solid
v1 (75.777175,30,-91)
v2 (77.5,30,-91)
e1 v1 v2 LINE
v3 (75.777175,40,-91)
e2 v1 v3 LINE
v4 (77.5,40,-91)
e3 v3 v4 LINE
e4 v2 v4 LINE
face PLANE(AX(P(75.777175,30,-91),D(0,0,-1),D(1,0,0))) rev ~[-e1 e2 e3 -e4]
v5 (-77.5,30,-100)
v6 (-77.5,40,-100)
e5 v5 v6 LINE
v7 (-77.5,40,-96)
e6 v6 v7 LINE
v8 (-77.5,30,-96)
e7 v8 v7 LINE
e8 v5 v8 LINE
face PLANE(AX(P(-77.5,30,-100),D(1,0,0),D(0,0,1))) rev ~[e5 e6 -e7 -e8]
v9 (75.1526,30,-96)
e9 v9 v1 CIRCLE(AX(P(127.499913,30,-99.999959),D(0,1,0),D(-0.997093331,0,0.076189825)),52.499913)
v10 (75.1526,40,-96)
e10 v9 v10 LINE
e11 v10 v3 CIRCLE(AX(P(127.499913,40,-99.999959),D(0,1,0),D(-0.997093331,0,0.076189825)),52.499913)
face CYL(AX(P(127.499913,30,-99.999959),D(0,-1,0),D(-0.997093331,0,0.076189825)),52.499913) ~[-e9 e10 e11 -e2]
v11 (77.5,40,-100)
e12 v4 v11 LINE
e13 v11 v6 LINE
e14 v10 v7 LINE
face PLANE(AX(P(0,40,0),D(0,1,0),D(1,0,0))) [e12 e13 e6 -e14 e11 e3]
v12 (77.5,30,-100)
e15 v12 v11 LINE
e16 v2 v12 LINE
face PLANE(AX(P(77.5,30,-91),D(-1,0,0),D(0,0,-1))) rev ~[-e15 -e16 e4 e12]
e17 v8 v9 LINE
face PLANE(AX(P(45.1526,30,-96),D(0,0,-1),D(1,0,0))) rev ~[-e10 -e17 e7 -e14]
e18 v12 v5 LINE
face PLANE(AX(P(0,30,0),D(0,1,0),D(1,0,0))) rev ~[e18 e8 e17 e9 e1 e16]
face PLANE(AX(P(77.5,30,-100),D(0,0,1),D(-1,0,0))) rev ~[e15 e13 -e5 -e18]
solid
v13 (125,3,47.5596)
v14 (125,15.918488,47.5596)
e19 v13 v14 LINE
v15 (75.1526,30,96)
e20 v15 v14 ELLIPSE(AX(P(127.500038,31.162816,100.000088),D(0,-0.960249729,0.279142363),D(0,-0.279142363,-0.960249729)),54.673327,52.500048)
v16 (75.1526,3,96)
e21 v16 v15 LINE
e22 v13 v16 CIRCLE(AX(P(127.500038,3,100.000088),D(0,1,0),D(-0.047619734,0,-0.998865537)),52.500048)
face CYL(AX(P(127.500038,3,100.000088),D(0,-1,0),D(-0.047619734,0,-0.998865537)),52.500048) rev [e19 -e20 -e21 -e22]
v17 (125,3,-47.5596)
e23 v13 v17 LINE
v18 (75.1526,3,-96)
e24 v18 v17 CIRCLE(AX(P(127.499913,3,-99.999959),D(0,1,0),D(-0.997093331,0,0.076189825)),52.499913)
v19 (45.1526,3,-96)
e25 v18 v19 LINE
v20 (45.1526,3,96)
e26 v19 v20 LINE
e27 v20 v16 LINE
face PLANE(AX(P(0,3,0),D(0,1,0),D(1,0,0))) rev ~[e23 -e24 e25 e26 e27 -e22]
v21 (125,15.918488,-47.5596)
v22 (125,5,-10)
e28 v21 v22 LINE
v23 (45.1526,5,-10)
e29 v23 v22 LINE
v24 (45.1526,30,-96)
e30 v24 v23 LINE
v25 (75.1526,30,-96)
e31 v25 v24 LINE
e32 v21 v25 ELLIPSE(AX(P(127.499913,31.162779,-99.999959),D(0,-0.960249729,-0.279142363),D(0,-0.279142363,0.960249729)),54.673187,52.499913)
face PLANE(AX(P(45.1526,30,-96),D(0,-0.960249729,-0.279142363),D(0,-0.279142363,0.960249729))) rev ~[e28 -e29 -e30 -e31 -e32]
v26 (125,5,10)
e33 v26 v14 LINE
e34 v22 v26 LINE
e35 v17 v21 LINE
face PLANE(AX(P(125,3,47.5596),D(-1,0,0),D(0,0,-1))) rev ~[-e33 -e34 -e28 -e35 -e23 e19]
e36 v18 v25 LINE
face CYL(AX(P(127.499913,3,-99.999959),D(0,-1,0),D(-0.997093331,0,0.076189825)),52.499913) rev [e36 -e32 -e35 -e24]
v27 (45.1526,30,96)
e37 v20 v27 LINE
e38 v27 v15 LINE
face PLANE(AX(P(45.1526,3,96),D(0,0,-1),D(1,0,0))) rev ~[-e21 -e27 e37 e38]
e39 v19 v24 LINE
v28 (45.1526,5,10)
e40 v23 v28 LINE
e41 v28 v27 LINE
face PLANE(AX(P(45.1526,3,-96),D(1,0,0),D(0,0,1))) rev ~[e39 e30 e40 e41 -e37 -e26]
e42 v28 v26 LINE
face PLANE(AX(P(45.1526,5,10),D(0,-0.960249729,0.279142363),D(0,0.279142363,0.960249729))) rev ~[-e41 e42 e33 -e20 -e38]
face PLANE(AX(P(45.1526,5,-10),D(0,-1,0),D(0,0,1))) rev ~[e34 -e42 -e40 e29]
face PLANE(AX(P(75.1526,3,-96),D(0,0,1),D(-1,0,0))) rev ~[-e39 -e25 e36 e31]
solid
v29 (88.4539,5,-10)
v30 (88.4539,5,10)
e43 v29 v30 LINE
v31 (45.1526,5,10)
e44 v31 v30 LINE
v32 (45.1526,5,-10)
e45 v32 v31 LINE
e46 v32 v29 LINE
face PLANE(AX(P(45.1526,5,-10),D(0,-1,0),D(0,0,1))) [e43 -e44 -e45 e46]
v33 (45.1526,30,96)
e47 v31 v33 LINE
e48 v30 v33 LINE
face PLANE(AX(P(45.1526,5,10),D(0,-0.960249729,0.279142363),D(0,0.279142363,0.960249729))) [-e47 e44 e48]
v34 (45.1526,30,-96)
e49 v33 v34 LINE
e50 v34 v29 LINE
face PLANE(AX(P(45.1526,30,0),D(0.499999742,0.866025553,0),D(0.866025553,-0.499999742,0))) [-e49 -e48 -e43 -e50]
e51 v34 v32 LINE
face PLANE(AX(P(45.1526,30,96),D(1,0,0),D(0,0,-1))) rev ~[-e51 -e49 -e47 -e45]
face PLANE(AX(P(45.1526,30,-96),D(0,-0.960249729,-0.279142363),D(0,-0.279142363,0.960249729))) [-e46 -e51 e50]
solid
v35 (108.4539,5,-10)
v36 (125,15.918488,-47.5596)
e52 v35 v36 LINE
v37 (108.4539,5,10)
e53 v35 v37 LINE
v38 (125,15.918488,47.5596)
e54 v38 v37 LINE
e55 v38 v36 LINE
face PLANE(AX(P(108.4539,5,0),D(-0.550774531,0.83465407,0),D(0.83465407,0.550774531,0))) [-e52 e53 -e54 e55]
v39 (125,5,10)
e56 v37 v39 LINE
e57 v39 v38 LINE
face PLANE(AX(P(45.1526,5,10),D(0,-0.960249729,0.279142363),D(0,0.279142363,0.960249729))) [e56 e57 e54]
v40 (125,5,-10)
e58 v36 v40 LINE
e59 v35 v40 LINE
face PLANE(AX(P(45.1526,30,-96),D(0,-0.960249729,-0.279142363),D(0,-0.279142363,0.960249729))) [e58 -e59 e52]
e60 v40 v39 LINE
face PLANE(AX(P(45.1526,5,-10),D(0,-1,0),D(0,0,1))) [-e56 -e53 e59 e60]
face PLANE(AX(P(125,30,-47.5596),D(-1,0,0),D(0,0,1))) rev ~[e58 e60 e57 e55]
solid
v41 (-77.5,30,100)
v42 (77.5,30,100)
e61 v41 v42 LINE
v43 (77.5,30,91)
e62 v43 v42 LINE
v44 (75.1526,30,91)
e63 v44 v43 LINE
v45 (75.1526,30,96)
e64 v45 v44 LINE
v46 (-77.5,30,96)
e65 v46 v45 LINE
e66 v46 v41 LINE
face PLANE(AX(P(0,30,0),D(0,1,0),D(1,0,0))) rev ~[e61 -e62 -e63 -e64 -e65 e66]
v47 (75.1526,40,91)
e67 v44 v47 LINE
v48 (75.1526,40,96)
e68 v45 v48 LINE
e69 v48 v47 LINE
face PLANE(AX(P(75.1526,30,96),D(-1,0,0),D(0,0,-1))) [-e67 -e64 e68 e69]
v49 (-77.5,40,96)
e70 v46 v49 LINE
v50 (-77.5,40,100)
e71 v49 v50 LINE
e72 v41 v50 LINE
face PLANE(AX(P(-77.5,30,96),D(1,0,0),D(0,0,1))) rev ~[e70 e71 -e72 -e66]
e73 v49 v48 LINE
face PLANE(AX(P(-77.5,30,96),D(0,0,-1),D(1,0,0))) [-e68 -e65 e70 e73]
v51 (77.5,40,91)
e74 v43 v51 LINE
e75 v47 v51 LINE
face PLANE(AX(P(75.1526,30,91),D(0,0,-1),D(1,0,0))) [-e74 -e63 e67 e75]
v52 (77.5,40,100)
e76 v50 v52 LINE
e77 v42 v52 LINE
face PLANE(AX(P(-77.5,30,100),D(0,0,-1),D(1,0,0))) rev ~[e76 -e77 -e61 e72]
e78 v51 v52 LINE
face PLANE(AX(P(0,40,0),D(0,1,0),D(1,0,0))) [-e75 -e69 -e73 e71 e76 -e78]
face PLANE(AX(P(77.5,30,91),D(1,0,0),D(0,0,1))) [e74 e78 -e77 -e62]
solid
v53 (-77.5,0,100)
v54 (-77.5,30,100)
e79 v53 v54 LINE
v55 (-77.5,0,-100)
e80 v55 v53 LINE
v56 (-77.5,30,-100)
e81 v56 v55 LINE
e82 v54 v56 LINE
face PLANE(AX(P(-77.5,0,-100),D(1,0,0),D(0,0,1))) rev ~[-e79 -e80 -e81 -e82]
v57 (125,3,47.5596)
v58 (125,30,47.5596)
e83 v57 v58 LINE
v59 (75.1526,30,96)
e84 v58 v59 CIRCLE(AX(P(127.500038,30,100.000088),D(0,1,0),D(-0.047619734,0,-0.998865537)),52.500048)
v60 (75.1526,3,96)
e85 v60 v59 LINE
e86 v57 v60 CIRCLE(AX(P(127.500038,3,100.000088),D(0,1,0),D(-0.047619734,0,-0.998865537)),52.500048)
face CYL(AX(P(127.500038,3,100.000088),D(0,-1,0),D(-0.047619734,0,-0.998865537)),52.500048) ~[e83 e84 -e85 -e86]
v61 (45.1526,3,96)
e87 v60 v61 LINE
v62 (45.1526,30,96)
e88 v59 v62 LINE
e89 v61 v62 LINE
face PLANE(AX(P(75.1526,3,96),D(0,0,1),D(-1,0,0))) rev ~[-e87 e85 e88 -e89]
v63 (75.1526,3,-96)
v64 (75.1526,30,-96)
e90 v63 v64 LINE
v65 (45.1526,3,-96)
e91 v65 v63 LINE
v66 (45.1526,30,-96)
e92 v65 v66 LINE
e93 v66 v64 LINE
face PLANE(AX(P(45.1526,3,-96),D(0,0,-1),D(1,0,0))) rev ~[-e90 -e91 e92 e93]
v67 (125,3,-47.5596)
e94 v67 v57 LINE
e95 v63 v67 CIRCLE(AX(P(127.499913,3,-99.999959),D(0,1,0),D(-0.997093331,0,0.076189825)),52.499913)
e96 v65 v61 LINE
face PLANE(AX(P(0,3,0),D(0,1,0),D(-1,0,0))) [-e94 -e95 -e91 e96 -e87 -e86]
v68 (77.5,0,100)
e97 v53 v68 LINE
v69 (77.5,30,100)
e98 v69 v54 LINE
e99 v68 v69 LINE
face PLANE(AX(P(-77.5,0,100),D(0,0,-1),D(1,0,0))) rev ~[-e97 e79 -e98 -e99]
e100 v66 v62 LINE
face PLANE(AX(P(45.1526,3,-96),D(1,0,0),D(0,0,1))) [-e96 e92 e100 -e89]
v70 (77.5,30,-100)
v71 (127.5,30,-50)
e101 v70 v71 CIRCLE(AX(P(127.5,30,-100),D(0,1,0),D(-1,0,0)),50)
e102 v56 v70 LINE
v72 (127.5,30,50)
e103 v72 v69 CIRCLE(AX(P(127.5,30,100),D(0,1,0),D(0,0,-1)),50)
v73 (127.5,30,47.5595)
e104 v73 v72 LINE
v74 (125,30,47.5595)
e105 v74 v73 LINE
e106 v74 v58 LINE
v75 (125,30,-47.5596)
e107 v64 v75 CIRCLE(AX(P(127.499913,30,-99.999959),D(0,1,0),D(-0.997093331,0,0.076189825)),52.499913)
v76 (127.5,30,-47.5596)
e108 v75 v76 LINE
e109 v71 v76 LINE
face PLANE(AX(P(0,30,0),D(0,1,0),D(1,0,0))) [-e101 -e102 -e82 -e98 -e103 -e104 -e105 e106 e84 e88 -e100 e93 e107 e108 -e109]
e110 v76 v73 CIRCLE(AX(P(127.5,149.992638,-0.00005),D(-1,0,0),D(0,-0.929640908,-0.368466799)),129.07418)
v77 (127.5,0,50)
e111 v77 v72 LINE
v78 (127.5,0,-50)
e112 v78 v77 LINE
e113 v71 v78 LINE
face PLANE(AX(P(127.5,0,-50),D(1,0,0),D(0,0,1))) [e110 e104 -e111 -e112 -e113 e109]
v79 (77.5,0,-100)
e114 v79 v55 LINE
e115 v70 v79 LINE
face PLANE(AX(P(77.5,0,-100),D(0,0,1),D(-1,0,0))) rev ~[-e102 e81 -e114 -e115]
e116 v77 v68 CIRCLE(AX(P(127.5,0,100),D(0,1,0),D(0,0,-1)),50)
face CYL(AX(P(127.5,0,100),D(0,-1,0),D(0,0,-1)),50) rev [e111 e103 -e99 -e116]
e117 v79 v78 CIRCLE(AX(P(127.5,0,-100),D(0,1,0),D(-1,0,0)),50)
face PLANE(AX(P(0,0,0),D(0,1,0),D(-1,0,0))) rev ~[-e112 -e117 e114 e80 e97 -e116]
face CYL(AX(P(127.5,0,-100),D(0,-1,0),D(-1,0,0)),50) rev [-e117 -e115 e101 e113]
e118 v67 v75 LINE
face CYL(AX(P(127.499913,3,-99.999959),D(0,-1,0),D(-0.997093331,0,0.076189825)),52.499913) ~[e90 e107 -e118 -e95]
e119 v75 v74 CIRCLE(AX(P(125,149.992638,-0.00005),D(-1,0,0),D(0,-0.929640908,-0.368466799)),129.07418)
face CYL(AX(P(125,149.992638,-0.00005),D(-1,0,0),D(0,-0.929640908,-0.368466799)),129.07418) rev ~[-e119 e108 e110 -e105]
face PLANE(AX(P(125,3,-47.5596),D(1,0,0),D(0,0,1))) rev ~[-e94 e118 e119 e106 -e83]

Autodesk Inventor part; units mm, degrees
ref_plane "YZ Plane" through (0, 0, 0) normal (1, 0, 0) x (0, 1, 0)
ref_plane "XY Plane" through (0, 0, 0) normal (0, 0, 1) x (1, 0, 0)
sketch "Эскиз1" plane through (0, 0, 0) normal (0, 1, 0) x (-1, 0, 0)
  line L0 (77.5, 100) -> (-77.5, 100)
  line L1 (-77.5, 100) -> (-77.5, 50) construction
  line L2 (-77.5, -100) -> (77.5, -100)
  line L3 (77.5, -100) -> (77.5, 100)
  line L4 (77.5, -100) -> (-77.5, 100) construction
  line L5 (-77.5, -100) -> (77.5, 100) construction
  line L6 (-77.5, -50) -> (-127.5, -50) construction
  line L7 (-127.5, -50) -> (-127.5, 0)
  line L8 (-127.5, 50) -> (-77.5, 50) construction
  line L9 (-77.5, 50) -> (-77.5, -50) construction
  line L10 (118.5, 0) -> (-168.5, 0) construction
  line L11 (-127.5, 0) -> (-127.5, 50)
  line L12 (-77.5, -50) -> (-77.5, -100) construction
  line L13 (-77.5, 50) -> (-77.5, -50) construction
  arc A0 (-77.5, -100) -> (-127.5, -50) centre (-127.5, -100) ccw
  arc A1 (-127.5, 50) -> (-77.5, 100) centre (-127.5, 100) ccw
  point P0 (0, 0)
  point P1 (0, 0)
  dimension "d0" = 200
  dimension "d1" = 155
  dimension "d2" = 50
extrude "Выдавливание1" add sketch "Эскиз1" along normal blind 3
sketch "Эскиз3" plane through (0, 3, 0) normal (0, 1, 0) x (1, 0, 0)
  arc A0 (77.5, 100) -> (127.5, 50) centre (127.5, 100) ccw projected
  line L0 (127.5, 50) -> (127.5, -50) projected
  arc A1 (127.5, -50) -> (77.5, -100) centre (127.5, -100) ccw projected
  line L1 (77.5, -100) -> (-77.5, -100) projected
  line L2 (-77.5, -100) -> (-77.5, 100) projected
  line L3 (-77.5, 100) -> (77.5, 100) projected
  arc A2 (75.1526, 96) -> (125, 47.5596) centre (127.5, 100) ccw
  line L4 (125, 47.5596) -> (125, -47.5596)
  arc A3 (125, -47.5596) -> (75.1526, -96) centre (127.5, -100) ccw
  line L5 (75.1526, -96) -> (45.1526, -96)
  line L6 (45.1526, 96) -> (75.1526, 96)
  line L7 (45.1526, 96) -> (45.1526, -96)
  dimension "d28" = 2.5
  dimension "d29" = 30
  dimension "d30" = 4
  dimension "d31" = 4
extrude "Выдавливание2" add sketch "Эскиз3" along normal blind 27
sketch "Эскиз4" plane through (0, 3, 0) normal (0, 1, 0) x (1, 0, 0)
  line L0 (125, -47.5596) -> (125, 47.5596) projected
  arc A0 (75.1526, 96) -> (125, 47.5596) centre (127.5, 100) ccw projected
  line L1 (75.1526, 96) -> (45.1526, 96) projected
  line L2 (45.1526, 96) -> (45.1526, -96) projected
  line L3 (45.1526, -96) -> (75.1526, -96) projected
  arc A1 (125, -47.5596) -> (75.1526, -96) centre (127.5, -100) ccw projected
  point P0 (0, 0)
extrude "Выдавливание3" add sketch "Эскиз4" along normal up to surface (27 mm away) separate body
sketch "Эскиз5" plane through (45.1526, 3, -96) normal (-1, 0, 0) x (0, 0, 1)
  line L0 (0, 27) -> (86, 2)
  line L1 (86, 2) -> (106, 2)
  line L2 (106, 2) -> (192, 27)
  line L3 (0, 0) -> (192, 0) construction
  line L4 (192, 27) -> (0, 27) projected
  dimension "d32" = 20
  dimension "d33" = 2
extrude "Выдавливание4" cut sketch "Эскиз5" against normal through all bodies 2
sketch "Эскиз7" plane through (0, 30, 0) normal (0, 1, 0) x (1, 0, 0)
  line L0 (127.5, -50) -> (127.5, 50) construction
  arc A0 (77.5, 100) -> (127.5, 50) centre (127.5, 100) ccw construction
  line L1 (77.5, 100) -> (-77.5, 100) construction
  line L2 (-77.5, 100) -> (-77.5, -100) construction
  line L3 (-77.5, -100) -> (77.5, -100) construction
  arc A1 (127.5, -50) -> (77.5, -100) centre (127.5, -100) ccw construction
  arc A2 (125, -47.5596) -> (75.1526, -96) centre (127.5, -100) ccw projected
  line L4 (75.1526, -96) -> (45.1526, -96) projected
  line L5 (45.1526, -96) -> (45.1526, 96) projected
  line L6 (45.1526, 96) -> (75.1526, 96) projected
  arc A3 (75.1526, 96) -> (125, 47.5596) centre (127.5, 100) ccw projected
  line L7 (125, 47.5596) -> (125, -47.5596) projected
extrude "Выдавливание5" add sketch "Эскиз7" against normal up to next separate body
sketch "Эскиз8" plane through (75, 30, 0) normal (0, 0, 1) x (1, 0, 0)
  line L0 (-29.8474, 0) -> (0.1526, 0) projected
  line L1 (-29.8474, 0) -> (13.4539, -25)
  line L2 (-29.8474, -25) -> (50, -25) construction
  line L3 (50, -14.0815) -> (50, -25) construction
  line L4 (33.4539, -25) -> (50, -14.0815)
  line L5 (13.4539, -25) -> (33.4539, -25)
  line L6 (0.1526, 0) -> (50, 0) projected
  line L7 (50, 0) -> (50, -14.0815) projected
  point P0 (-75, -30)
  dimension "d34" = 20
  dimension "d35" = 30
extrude "Выдавливание6" cut sketch "Эскиз8" along normal through all both and the other way through all bodies 3
sketch "Эскиз9" plane through (125, 3, -47.5596) normal (-1, 0, 0) x (0, 0, 1)
  line L0 (95.1191, 0) -> (95.1191, 27) construction
  line L1 (0, 27) -> (95.1191, 27) projected
  line L2 (-2.503, 27) -> (0, 27) construction
  line L3 (-2.503, -3) -> (-2.503, 27) construction
  line L4 (97.6221, -3) -> (-2.503, -3) construction
  line L5 (97.6221, 27) -> (97.6221, -3) construction
  line L6 (95.1191, 27) -> (97.6221, 27) construction
  line L7 (0, 0) -> (95.1191, 0) construction
  line L8 (0, 27) -> (0, 0) construction
  line L9 (37.5596, 2) -> (57.5596, 2) construction
  line L10 (57.5596, 2) -> (95.1191, 12.9185) construction
  line L11 (95.1191, 12.9185) -> (95.1191, 0) construction
  line L12 (95.1191, 0) -> (0, 0) construction
  line L13 (0, 0) -> (0, 12.9185) construction
  line L14 (0, 12.9185) -> (37.5596, 2) construction
  line L15 (0, 12.9185) -> (95.1191, 12.9185) construction
  line L16 (95.1191, 12.9185) -> (57.5596, 2) construction
  line L17 (57.5596, 2) -> (37.5596, 2) construction
  line L18 (37.5596, 2) -> (0, 12.9185) construction
  arc A0 (0, 27) -> (95.1191, 27) centre (47.5596, 146.9929) ccw
  point P0 (47.5596, -3)
  dimension "d38" = 5
extrude "Выдавливание7" cut sketch "Эскиз9" against normal through all bodies 1
sketch "Эскиз10" plane through (0, 30, 0) normal (0, 1, 0) x (1, 0, 0)
  line L0 (77.5, 100) -> (-77.5, 100) projected
  line L1 (-77.5, -100) -> (77.5, -100) projected
  line L2 (-77.5, 100) -> (-77.5, 96)
  line L3 (-77.5, -100) -> (77.5, -100) projected
  arc A0 (75.1526, 96) -> (125, 47.5596) centre (127.5, 100) ccw projected
  line L4 (75.1526, 96) -> (75.1526, 91)
  line L5 (75.1526, 91) -> (77.5, 91)
  arc A1 (77.5, 100) -> (127.5, 50) centre (127.5, 100) ccw projected
  line L6 (77.5, 91) -> (77.5, 100)
  line L7 (75.1526, -96) -> (75.1526, -91)
  line L8 (75.1526, -91) -> (77.5, -91)
  arc A2 (127.5, -50) -> (77.5, -100) centre (127.5, -100) ccw projected
  line L9 (77.5, -91) -> (77.5, -100)
  line L10 (45.1526, 96) -> (75.1526, 96) projected
  line L11 (75.1526, 96) -> (-77.5, 96)
  line L12 (-77.5, -96) -> (75.1526, -96)
  line L13 (-77.5, 96) -> (-77.5, -96) construction
  line L14 (-77.5, -96) -> (-77.5, -100)
  point P0 (0, 0)
  point P1 (75.7772, 91)
  dimension "d43" = 5
extrude "Выдавливание8" add sketch "Эскиз10" along normal blind 10 separate body contours L6 L5 A0 L10 L11 L2 L0 | L14 L12 L7 L8 L9 L1
properties part number "OutputMoneys"
